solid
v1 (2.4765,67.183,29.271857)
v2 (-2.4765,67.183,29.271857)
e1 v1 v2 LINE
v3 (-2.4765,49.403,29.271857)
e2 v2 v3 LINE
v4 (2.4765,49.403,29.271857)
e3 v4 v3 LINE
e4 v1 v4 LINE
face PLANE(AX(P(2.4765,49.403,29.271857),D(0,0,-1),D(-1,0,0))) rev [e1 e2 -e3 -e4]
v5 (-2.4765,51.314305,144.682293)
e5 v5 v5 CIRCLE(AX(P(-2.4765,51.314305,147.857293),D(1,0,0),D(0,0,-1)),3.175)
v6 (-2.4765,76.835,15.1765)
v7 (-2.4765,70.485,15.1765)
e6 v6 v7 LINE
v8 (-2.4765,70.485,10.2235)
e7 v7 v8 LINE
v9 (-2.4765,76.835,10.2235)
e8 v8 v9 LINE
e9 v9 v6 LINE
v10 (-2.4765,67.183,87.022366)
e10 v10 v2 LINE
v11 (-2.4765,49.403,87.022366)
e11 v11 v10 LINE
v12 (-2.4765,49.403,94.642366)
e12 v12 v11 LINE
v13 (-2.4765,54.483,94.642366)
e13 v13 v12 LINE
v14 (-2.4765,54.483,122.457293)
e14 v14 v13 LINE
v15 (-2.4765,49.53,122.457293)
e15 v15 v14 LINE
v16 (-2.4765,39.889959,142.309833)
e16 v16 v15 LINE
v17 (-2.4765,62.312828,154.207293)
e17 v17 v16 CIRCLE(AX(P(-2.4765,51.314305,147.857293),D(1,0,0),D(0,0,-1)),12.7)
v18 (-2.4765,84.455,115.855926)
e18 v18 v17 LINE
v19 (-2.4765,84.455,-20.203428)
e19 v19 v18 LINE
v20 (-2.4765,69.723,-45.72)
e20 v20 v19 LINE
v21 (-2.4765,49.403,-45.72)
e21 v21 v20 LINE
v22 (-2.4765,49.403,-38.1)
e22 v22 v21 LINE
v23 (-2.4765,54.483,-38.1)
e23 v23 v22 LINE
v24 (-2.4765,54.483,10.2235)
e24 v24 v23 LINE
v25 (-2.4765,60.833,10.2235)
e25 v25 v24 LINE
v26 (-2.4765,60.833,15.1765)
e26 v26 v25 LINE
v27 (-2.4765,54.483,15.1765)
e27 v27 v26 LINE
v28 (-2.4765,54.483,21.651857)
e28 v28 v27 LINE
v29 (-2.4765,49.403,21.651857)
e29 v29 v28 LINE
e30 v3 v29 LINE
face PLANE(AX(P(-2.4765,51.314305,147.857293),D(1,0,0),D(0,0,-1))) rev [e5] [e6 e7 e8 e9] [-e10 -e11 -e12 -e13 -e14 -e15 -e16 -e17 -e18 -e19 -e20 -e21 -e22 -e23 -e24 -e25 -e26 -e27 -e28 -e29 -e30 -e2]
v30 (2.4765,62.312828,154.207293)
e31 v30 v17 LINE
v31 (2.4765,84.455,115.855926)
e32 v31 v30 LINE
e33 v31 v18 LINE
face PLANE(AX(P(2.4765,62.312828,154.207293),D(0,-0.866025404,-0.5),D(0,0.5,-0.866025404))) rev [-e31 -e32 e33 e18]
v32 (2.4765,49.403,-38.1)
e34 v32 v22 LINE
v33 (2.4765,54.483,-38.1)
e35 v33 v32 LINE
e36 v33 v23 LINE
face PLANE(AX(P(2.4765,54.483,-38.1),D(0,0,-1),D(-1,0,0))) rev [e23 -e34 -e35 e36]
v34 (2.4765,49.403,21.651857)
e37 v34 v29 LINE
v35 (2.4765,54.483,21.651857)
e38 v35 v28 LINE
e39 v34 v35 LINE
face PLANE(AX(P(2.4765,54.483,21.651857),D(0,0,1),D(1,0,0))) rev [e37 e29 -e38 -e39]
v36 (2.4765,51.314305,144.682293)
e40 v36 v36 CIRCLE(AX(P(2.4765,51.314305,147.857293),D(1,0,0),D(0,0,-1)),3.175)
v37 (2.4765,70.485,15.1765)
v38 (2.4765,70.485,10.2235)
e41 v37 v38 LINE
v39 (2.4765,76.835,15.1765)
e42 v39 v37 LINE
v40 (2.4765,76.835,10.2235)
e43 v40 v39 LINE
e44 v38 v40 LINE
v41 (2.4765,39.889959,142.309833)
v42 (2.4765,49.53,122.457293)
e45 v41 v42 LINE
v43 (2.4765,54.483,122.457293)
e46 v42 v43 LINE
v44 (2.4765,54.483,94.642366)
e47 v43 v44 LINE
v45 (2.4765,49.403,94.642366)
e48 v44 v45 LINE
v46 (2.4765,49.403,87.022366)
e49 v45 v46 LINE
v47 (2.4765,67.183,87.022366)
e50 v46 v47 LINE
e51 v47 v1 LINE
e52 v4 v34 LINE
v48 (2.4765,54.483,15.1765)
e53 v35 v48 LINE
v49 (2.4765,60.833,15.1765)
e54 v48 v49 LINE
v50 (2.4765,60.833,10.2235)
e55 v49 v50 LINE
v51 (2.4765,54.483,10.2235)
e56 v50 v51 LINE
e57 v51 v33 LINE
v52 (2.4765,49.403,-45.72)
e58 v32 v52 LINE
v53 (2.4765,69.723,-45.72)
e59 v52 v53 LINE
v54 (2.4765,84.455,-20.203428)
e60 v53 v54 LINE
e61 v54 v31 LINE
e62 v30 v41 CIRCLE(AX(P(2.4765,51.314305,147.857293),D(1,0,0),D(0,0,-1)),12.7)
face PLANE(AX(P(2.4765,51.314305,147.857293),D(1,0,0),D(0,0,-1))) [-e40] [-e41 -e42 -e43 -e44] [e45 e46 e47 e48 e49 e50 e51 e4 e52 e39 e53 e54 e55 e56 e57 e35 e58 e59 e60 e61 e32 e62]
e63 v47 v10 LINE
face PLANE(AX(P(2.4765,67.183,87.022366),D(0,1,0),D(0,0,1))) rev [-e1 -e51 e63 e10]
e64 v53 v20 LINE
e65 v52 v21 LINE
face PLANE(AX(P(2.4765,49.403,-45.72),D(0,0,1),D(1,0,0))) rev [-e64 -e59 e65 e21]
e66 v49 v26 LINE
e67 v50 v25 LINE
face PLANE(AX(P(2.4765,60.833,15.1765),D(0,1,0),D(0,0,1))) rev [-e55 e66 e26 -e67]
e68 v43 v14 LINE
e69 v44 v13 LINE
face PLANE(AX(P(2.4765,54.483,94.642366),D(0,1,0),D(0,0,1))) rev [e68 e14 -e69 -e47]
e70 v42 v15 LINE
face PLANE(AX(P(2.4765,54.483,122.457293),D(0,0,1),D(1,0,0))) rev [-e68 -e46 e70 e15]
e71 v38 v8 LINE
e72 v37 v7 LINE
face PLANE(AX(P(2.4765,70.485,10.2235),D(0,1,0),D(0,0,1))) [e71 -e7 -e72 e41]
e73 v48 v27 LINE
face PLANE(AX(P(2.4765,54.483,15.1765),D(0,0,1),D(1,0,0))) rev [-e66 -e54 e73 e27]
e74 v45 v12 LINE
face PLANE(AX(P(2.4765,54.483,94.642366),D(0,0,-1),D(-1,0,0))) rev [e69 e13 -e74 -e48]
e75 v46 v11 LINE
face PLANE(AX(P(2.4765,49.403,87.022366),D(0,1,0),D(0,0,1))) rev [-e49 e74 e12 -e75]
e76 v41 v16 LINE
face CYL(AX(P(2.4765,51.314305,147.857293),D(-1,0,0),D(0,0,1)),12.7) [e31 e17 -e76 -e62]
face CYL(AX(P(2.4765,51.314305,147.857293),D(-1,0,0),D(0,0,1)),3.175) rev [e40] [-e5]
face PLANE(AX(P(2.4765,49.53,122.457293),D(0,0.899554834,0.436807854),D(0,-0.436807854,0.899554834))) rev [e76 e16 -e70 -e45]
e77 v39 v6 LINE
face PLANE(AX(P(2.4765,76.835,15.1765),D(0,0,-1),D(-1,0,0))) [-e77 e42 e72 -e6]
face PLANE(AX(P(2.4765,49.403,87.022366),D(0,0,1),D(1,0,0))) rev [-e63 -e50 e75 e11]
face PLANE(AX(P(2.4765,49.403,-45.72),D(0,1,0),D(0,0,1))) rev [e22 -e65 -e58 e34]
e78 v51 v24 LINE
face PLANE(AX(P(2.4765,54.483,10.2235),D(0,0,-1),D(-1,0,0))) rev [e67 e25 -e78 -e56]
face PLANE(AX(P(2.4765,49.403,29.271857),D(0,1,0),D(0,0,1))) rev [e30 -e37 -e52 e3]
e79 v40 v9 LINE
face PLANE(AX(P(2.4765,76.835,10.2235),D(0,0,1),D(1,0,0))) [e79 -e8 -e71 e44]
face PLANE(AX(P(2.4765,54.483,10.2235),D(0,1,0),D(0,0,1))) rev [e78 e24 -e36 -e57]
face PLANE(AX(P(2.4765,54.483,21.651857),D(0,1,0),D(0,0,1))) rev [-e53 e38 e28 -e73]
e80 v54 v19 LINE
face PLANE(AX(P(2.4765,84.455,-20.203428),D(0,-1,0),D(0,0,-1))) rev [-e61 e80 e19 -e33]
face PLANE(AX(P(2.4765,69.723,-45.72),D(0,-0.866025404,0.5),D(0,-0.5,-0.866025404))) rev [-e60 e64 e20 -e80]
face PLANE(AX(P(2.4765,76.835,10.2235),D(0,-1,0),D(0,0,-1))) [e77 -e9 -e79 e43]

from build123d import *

# Parameters (mm, degrees)
SKETCH1_R           = 3.175
SKETCH1_W           = 4.953
SKETCH1_H           = 6.35
BOSS_EXTRUDE1_DEPTH = 2.4765


with BuildPart() as part:
    # Sketch1 → Boss-Extrude1 (new, symmetric)
    with BuildSketch(Plane(origin=(0, 0, 0), x_dir=(0, 0, -1), z_dir=(1, 0, 0))):
        with BuildLine():
            Line((-94.642365809, 54.483), (-122.457292876, 54.483))
            Line((-122.457292876, 54.483), (-122.457292876, 49.53))
            Line((-122.457292876, 49.53), (-142.309833129, 39.889958968))
            ThreePointArc((-142.309833129, 39.889958968), (-159.075906045, 45.361766519), (-154.207292876, 62.312827982))
            Line((-154.207292876, 62.312827982), (-115.855925951, 84.455))
            Line((-115.855925951, 84.455), (20.203427503, 84.455))
            Line((20.203427503, 84.455), (45.72, 69.723))
            Line((45.72, 69.723), (45.72, 49.403))
            Line((45.72, 49.403), (38.1, 49.403))
            Line((38.1, 49.403), (38.1, 54.483))
            Line((38.1, 54.483), (-10.2235, 54.483))
            Line((-10.2235, 54.483), (-10.2235, 60.833))
            Line((-10.2235, 60.833), (-15.1765, 60.833))
            Line((-15.1765, 60.833), (-15.1765, 54.483))
            Line((-15.1765, 54.483), (-21.651856626, 54.483))
            Line((-21.651856626, 54.483), (-21.651856626, 49.403))
            Line((-21.651856626, 49.403), (-29.271856626, 49.403))
            Line((-29.271856626, 49.403), (-29.271856626, 67.183))
            Line((-29.271856626, 67.183), (-87.022365809, 67.183))
            Line((-87.022365809, 67.183), (-87.022365809, 49.403))
            Line((-87.022365809, 49.403), (-94.642365809, 49.403))
            Line((-94.642365809, 49.403), (-94.642365809, 54.483))
        make_face()
        with Locations((-147.857292876, 51.314305354)):
            Circle(SKETCH1_R, mode=Mode.SUBTRACT)
        with Locations((-12.7, 73.66)):
            Rectangle(SKETCH1_W, SKETCH1_H, mode=Mode.SUBTRACT)
    extrude(amount=BOSS_EXTRUDE1_DEPTH, both=True)


solid = part.part
